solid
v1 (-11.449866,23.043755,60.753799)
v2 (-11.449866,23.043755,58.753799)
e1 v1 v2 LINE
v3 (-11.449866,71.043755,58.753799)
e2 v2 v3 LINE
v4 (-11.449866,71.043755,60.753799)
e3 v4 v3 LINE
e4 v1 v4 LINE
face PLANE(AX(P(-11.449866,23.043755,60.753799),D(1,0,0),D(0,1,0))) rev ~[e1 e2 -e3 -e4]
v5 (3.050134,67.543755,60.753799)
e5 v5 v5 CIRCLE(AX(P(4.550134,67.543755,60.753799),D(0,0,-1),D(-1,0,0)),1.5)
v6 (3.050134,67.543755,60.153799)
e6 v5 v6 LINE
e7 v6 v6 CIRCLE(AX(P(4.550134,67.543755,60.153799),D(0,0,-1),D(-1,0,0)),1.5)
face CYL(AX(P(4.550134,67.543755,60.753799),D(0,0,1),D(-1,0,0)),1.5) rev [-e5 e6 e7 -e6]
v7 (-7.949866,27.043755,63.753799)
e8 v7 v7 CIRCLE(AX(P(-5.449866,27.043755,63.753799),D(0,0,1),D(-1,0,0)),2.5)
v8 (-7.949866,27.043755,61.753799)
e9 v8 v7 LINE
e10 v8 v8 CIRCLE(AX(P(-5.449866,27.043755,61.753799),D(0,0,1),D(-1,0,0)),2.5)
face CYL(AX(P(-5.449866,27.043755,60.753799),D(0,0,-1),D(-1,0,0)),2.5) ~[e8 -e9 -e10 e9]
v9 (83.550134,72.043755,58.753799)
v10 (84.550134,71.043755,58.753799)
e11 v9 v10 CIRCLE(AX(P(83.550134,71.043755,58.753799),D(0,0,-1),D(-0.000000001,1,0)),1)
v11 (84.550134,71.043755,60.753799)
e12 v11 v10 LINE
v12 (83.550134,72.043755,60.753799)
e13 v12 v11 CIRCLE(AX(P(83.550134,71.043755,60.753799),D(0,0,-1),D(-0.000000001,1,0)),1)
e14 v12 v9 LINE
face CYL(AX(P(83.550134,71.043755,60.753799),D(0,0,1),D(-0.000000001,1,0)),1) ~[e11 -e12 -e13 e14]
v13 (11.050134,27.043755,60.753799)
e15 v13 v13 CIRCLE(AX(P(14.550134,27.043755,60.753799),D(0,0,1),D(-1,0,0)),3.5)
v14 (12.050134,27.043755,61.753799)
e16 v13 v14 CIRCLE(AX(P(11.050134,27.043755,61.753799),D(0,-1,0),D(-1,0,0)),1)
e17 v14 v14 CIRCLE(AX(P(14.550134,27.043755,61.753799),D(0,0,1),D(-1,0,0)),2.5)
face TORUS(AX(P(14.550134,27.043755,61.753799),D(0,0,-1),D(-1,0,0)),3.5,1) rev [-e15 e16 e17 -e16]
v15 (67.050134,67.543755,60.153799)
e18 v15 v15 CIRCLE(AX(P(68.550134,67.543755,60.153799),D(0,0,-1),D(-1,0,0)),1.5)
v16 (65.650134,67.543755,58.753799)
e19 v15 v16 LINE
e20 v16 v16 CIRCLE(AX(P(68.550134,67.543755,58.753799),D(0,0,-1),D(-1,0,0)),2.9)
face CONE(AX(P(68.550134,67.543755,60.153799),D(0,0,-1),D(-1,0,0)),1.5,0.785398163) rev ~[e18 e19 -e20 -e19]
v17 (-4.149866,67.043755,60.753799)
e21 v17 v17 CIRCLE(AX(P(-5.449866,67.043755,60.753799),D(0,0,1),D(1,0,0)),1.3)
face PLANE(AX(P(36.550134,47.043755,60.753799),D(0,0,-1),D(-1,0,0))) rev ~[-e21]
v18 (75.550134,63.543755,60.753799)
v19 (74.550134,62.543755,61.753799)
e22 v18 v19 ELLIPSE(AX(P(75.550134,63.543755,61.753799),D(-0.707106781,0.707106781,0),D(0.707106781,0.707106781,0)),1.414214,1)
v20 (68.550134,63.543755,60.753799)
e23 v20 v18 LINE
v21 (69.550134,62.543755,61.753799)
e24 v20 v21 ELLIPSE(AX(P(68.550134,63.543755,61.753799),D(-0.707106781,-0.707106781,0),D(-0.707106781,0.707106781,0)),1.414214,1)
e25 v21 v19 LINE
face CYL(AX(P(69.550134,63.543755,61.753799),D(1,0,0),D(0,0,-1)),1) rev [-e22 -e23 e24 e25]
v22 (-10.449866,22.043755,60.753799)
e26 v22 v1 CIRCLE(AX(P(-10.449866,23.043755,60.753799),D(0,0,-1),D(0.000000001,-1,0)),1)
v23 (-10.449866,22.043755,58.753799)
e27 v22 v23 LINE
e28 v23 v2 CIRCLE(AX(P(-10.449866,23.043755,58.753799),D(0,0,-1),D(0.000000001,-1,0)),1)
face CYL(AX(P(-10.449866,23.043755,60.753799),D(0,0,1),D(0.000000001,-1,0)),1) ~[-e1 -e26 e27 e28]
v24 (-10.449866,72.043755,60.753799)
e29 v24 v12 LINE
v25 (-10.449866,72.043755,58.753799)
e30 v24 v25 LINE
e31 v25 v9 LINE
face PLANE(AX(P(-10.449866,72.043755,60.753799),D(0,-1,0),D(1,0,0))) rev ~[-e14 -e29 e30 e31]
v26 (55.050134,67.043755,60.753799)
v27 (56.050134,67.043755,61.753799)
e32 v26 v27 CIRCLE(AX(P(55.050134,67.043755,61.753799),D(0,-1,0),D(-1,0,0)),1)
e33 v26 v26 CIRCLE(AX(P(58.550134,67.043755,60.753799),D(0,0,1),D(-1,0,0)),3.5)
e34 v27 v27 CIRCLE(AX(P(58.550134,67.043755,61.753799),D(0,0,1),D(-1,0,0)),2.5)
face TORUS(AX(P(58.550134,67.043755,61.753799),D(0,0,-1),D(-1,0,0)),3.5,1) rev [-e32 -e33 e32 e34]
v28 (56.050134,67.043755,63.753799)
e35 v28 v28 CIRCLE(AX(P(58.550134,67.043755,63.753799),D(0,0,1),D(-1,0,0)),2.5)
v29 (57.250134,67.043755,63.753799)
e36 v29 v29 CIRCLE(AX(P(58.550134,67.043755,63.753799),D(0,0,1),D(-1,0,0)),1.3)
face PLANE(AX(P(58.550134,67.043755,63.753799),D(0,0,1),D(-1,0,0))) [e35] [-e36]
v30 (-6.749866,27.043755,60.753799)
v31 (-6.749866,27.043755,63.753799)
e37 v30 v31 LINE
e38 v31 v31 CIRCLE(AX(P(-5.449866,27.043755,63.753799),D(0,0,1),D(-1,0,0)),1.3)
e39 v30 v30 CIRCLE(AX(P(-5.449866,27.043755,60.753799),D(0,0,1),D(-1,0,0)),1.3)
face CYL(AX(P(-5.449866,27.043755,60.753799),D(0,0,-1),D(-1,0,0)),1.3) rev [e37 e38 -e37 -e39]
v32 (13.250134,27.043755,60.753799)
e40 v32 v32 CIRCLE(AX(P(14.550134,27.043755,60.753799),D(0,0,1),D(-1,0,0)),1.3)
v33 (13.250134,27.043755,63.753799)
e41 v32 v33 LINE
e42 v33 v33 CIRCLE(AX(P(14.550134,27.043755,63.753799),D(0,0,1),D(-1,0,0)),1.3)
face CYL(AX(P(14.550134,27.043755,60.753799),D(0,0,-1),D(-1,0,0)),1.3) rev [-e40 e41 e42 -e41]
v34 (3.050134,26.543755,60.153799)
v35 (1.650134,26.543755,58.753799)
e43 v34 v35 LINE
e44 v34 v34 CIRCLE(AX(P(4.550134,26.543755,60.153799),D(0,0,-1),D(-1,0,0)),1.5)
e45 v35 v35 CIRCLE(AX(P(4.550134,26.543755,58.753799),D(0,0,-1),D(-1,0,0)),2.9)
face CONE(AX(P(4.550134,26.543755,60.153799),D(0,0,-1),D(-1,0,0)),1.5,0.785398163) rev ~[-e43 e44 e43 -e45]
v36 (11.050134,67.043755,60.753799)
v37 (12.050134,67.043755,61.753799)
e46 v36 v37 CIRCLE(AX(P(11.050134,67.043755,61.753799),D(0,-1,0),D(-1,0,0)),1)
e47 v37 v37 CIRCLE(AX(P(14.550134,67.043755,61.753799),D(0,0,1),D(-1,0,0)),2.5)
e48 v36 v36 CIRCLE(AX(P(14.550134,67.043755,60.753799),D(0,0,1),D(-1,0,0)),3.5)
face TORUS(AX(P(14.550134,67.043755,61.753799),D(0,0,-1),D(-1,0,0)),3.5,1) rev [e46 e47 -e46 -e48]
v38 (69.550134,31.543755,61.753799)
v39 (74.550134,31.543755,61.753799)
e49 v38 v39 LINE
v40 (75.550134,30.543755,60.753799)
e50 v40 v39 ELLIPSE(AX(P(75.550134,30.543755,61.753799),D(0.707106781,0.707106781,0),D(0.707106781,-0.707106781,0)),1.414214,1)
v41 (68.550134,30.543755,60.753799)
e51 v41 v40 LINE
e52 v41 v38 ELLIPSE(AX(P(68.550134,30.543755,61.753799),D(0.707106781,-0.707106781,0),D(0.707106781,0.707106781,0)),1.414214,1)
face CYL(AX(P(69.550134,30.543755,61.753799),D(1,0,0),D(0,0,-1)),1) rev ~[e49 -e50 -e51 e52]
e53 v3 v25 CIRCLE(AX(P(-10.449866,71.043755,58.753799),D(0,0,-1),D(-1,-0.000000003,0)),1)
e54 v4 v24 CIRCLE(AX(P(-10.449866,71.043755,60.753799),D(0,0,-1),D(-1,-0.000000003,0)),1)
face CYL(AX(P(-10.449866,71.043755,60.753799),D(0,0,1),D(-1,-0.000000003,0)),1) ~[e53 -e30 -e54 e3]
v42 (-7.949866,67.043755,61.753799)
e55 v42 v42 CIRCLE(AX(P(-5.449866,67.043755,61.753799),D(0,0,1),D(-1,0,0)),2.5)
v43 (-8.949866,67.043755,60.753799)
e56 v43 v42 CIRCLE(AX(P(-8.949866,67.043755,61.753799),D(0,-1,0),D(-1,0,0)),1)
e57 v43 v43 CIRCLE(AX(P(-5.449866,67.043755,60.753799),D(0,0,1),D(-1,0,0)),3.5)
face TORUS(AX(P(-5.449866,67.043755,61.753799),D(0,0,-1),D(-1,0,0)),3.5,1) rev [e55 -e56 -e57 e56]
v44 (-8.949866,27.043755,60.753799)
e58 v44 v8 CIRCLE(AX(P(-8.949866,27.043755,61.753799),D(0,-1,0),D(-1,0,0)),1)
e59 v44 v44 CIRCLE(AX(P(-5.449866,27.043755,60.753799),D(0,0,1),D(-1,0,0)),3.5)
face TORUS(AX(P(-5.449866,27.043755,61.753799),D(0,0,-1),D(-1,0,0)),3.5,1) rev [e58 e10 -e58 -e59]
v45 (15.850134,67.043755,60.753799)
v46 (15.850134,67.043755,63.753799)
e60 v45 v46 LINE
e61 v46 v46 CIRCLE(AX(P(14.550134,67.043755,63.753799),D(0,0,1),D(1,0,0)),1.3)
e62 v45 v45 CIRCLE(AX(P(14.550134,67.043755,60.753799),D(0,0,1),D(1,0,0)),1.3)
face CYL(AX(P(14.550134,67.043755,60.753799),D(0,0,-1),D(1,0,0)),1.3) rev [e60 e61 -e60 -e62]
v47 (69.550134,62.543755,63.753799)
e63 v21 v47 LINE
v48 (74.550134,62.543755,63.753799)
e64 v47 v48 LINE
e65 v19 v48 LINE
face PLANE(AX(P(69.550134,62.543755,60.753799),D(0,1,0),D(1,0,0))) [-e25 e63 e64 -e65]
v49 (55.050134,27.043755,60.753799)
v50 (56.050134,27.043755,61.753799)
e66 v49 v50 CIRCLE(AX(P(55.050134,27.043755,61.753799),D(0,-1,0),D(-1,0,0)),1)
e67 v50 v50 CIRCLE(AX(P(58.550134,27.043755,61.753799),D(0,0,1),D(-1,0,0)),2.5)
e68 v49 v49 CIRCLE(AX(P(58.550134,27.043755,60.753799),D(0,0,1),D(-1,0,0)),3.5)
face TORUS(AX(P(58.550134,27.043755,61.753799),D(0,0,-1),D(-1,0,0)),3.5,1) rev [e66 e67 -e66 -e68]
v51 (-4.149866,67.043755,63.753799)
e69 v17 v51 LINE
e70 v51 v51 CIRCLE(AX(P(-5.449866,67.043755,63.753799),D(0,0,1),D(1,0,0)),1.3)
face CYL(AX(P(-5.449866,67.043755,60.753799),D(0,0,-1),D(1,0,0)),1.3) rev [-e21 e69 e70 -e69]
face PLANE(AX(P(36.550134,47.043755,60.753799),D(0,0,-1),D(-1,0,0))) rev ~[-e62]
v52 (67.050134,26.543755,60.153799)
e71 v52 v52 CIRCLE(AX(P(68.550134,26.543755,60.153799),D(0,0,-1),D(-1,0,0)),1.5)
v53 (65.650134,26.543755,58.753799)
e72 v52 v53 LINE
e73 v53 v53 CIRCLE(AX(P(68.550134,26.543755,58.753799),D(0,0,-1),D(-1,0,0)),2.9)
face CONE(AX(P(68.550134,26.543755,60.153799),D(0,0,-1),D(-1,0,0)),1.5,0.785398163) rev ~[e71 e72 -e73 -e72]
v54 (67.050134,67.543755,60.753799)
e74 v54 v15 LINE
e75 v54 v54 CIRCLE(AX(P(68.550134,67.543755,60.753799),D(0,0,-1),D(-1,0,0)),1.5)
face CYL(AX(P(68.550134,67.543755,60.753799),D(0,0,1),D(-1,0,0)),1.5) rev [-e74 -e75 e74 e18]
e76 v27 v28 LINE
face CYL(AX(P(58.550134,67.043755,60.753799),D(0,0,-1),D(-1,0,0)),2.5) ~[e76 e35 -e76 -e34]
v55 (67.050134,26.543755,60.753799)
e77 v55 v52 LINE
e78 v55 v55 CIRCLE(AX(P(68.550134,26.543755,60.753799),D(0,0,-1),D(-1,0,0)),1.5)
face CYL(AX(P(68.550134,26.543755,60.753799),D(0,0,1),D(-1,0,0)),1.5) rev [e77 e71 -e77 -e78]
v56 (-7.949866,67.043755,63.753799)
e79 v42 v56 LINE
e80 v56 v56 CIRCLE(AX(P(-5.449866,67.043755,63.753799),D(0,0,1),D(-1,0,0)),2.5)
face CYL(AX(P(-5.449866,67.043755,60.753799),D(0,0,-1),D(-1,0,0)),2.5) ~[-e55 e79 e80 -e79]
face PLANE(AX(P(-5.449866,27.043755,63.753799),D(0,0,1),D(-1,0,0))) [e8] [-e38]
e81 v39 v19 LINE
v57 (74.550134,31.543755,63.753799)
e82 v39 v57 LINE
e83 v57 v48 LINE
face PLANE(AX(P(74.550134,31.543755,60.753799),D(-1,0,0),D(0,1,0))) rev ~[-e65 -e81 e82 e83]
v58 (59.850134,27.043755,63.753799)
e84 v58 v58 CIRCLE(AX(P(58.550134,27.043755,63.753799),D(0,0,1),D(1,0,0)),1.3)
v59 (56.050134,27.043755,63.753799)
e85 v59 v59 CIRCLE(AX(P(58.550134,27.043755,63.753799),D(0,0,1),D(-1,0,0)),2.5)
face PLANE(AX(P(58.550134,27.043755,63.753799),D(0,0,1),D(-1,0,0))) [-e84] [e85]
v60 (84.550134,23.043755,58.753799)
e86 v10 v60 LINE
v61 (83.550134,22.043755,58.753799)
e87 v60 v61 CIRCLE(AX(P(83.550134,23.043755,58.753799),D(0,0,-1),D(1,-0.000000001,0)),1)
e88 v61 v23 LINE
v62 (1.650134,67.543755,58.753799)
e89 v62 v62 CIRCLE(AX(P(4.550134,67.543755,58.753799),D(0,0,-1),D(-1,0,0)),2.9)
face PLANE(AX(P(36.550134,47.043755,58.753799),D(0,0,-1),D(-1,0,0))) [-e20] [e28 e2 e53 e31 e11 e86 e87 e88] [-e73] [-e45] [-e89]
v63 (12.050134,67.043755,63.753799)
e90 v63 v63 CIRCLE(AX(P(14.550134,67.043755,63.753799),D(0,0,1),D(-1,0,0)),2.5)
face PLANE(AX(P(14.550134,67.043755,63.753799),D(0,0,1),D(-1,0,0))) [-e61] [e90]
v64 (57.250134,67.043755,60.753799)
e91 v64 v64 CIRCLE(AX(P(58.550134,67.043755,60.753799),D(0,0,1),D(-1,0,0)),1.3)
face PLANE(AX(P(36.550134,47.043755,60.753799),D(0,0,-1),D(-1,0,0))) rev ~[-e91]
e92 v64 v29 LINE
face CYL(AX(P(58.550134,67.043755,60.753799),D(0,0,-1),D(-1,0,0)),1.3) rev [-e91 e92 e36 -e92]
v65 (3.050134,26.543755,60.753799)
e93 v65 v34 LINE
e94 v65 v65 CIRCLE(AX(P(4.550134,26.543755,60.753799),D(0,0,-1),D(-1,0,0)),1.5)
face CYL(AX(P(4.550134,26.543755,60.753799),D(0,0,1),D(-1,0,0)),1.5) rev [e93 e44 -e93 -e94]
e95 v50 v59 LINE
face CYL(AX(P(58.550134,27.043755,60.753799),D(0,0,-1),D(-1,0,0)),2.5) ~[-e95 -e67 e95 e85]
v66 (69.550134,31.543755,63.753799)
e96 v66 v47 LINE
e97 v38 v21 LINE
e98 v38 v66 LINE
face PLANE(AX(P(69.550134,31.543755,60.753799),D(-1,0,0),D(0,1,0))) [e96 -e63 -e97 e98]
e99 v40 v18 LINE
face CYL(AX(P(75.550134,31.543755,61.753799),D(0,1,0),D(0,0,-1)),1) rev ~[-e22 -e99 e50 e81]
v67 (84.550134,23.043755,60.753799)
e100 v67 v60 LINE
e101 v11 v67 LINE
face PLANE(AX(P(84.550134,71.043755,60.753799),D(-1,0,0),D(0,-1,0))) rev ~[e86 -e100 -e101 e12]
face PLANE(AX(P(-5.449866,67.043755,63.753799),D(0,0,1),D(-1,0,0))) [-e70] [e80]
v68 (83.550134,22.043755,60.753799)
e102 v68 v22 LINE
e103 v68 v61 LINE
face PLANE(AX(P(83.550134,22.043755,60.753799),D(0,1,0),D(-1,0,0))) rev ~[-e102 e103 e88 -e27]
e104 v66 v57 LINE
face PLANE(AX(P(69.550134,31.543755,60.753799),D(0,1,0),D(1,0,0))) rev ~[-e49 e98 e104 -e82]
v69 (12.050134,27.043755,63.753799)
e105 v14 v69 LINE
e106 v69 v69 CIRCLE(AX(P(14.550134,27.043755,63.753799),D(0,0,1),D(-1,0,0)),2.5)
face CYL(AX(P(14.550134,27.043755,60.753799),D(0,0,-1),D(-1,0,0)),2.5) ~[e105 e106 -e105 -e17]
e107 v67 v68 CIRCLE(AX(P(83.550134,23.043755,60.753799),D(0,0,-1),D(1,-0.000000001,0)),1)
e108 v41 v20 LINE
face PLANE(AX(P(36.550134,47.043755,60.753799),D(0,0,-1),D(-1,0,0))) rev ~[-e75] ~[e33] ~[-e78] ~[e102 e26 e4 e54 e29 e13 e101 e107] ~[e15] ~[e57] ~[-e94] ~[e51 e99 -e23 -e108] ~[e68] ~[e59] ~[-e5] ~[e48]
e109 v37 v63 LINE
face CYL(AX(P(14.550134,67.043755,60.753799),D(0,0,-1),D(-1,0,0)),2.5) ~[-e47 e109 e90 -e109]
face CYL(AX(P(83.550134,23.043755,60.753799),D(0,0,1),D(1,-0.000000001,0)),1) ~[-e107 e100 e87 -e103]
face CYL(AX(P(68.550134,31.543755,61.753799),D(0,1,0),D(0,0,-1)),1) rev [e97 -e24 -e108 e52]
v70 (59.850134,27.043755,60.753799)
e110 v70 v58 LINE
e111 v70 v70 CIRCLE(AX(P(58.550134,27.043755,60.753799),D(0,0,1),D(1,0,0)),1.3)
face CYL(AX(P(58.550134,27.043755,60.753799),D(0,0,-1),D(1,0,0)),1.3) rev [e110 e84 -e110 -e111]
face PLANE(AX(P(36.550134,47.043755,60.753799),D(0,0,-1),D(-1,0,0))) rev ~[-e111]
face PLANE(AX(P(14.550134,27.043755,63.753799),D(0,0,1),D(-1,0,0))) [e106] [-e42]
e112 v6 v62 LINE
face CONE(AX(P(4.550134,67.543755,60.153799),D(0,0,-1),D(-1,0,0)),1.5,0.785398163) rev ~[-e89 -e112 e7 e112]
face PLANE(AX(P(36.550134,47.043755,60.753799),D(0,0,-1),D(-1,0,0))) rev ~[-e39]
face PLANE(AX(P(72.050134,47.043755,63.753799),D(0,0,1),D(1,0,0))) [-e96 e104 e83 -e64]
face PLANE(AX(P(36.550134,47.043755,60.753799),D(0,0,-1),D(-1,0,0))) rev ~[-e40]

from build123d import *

# Parameters (mm, degrees)
SKETCH_1_R      = 1.5
EXTRUDE_2_DEPTH = 2
CHAMFER_1_SIZE  = 1.4
SKETCH_3_R      = 2.5
SKETCH_3_R_2    = 1.3
SKETCH_3_W      = 5
SKETCH_3_H      = 31
EXTRUDE_3_DEPTH = 3
FILLET_1_R      = 1


with BuildPart() as part:
    # Эскиз1 → Бобышка-Вытянуть2 (new body)
    with BuildSketch(Plane(origin=(0, 0, 60.753798787), x_dir=(-1, 0, 0), z_dir=(0, 0, -1))):
        with BuildLine():
            Line((-84.550134069, 64.543755027), (-84.550134069, 29.543755027))
            Line((-84.550134069, 29.543755027), (-84.550134069, 23.043755027))
            ThreePointArc((-84.550134069, 23.043755027), (-84.25724085, 22.336648246), (-83.550134069, 22.043755027))
            Line((-83.550134069, 22.043755027), (10.449865931, 22.043755027))
            ThreePointArc((10.449865931, 22.043755027), (11.156972713, 22.336648246), (11.449865931, 23.043755027))
            Line((11.449865931, 23.043755027), (11.449865931, 71.043755027))
            ThreePointArc((11.449865931, 71.043755027), (11.156972713, 71.750861809), (10.449865931, 72.043755027))
            Line((10.449865931, 72.043755027), (-83.550134069, 72.043755027))
            ThreePointArc((-83.550134069, 72.043755027), (-84.25724085, 71.750861809), (-84.550134069, 71.043755027))
            Line((-84.550134069, 71.043755027), (-84.550134069, 64.543755027))
        make_face()
        with Locations((-4.550134069, 67.543755027)):
            Circle(SKETCH_1_R, mode=Mode.SUBTRACT)
        with Locations((-68.550134069, 67.543755027)):
            Circle(SKETCH_1_R, mode=Mode.SUBTRACT)
        with Locations((-68.550134069, 26.543755027)):
            Circle(SKETCH_1_R, mode=Mode.SUBTRACT)
        with Locations((-4.550134069, 26.543755027)):
            Circle(SKETCH_1_R, mode=Mode.SUBTRACT)
    extrude(amount=EXTRUDE_2_DEPTH)

    # Фаска1
    chamfer_1_edges = [part.edges().sort_by_distance(p)[0] for p in [
        (6.050134069, 67.543755027, 58.753798787),
        (70.050134069, 67.543755027, 58.753798787),
        (70.050134069, 26.543755027, 58.753798787),
        (6.050134069, 26.543755027, 58.753798787),
    ]]
    chamfer(chamfer_1_edges, length=CHAMFER_1_SIZE)

    # Эскиз3 → Бобышка-Вытянуть3 (add)
    # profile 1 of 7: a face of its own
    with BuildSketch(Plane.XY.offset(60.753798787)):
        with Locations(Location((14.550134069, 67.043755027, 0), (0, 0, 180))):
            Circle(SKETCH_3_R)
        with Locations((14.550134069, 67.043755027)):
            Circle(SKETCH_3_R_2, mode=Mode.SUBTRACT)
    # profile 2 of 7: a face of its own
    with BuildSketch(Plane.XY.offset(60.753798787)):
        with Locations(Location((58.550134069, 67.043755027, 0), (0, 0, 180))):
            Circle(SKETCH_3_R)
        with Locations(Location((58.550134069, 67.043755027, 0), (0, 0, 180))):
            Circle(SKETCH_3_R_2, mode=Mode.SUBTRACT)
    # profile 3 of 7: a face of its own
    with BuildSketch(Plane.XY.offset(60.753798787)):
        with Locations(Location((58.550134069, 27.043755027, 0), (0, 0, 180))):
            Circle(SKETCH_3_R)
        with Locations((58.550134069, 27.043755027)):
            Circle(SKETCH_3_R_2, mode=Mode.SUBTRACT)
    # profile 4 of 7: a face of its own
    with BuildSketch(Plane.XY.offset(60.753798787)):
        with Locations(Location((14.550134069, 27.043755027, 0), (0, 0, 180))):
            Circle(SKETCH_3_R)
        with Locations(Location((14.550134069, 27.043755027, 0), (0, 0, 180))):
            Circle(SKETCH_3_R_2, mode=Mode.SUBTRACT)
    # profile 5 of 7: a face of its own
    with BuildSketch(Plane.XY.offset(60.753798787)):
        with Locations(Location((-5.449865931, 67.043755027, 0), (0, 0, 180))):
            Circle(SKETCH_3_R)
        with Locations((-5.449865931, 67.043755027)):
            Circle(SKETCH_3_R_2, mode=Mode.SUBTRACT)
    # profile 6 of 7: a face of its own
    with BuildSketch(Plane.XY.offset(60.753798787)):
        with Locations(Location((-5.449865931, 27.043755027, 0), (0, 0, 180))):
            Circle(SKETCH_3_R)
        with Locations(Location((-5.449865931, 27.043755027, 0), (0, 0, 180))):
            Circle(SKETCH_3_R_2, mode=Mode.SUBTRACT)
    # profile 7 of 7: a face of its own
    with BuildSketch(Plane.XY.offset(60.753798787)):
        with Locations((72.050134069, 47.043755027)):
            Rectangle(SKETCH_3_W, SKETCH_3_H)
    extrude(amount=EXTRUDE_3_DEPTH)

    # Скругление1
    fillet_1_edges = [part.edges().sort_by_distance(p)[0] for p in [
        (-2.949865931, 67.043755027, 60.753798787),
        (-2.949865931, 27.043755027, 60.753798787),
        (69.550134069, 47.043755027, 60.753798787),
        (72.050134069, 31.543755027, 60.753798787),
        (74.550134069, 47.043755027, 60.753798787),
        (72.050134069, 62.543755027, 60.753798787),
        (17.050134069, 67.043755027, 60.753798787),
        (61.050134069, 67.043755027, 60.753798787),
        (61.050134069, 27.043755027, 60.753798787),
        (17.050134069, 27.043755027, 60.753798787),
    ]]
    fillet(fillet_1_edges, radius=FILLET_1_R)


solid = part.part
